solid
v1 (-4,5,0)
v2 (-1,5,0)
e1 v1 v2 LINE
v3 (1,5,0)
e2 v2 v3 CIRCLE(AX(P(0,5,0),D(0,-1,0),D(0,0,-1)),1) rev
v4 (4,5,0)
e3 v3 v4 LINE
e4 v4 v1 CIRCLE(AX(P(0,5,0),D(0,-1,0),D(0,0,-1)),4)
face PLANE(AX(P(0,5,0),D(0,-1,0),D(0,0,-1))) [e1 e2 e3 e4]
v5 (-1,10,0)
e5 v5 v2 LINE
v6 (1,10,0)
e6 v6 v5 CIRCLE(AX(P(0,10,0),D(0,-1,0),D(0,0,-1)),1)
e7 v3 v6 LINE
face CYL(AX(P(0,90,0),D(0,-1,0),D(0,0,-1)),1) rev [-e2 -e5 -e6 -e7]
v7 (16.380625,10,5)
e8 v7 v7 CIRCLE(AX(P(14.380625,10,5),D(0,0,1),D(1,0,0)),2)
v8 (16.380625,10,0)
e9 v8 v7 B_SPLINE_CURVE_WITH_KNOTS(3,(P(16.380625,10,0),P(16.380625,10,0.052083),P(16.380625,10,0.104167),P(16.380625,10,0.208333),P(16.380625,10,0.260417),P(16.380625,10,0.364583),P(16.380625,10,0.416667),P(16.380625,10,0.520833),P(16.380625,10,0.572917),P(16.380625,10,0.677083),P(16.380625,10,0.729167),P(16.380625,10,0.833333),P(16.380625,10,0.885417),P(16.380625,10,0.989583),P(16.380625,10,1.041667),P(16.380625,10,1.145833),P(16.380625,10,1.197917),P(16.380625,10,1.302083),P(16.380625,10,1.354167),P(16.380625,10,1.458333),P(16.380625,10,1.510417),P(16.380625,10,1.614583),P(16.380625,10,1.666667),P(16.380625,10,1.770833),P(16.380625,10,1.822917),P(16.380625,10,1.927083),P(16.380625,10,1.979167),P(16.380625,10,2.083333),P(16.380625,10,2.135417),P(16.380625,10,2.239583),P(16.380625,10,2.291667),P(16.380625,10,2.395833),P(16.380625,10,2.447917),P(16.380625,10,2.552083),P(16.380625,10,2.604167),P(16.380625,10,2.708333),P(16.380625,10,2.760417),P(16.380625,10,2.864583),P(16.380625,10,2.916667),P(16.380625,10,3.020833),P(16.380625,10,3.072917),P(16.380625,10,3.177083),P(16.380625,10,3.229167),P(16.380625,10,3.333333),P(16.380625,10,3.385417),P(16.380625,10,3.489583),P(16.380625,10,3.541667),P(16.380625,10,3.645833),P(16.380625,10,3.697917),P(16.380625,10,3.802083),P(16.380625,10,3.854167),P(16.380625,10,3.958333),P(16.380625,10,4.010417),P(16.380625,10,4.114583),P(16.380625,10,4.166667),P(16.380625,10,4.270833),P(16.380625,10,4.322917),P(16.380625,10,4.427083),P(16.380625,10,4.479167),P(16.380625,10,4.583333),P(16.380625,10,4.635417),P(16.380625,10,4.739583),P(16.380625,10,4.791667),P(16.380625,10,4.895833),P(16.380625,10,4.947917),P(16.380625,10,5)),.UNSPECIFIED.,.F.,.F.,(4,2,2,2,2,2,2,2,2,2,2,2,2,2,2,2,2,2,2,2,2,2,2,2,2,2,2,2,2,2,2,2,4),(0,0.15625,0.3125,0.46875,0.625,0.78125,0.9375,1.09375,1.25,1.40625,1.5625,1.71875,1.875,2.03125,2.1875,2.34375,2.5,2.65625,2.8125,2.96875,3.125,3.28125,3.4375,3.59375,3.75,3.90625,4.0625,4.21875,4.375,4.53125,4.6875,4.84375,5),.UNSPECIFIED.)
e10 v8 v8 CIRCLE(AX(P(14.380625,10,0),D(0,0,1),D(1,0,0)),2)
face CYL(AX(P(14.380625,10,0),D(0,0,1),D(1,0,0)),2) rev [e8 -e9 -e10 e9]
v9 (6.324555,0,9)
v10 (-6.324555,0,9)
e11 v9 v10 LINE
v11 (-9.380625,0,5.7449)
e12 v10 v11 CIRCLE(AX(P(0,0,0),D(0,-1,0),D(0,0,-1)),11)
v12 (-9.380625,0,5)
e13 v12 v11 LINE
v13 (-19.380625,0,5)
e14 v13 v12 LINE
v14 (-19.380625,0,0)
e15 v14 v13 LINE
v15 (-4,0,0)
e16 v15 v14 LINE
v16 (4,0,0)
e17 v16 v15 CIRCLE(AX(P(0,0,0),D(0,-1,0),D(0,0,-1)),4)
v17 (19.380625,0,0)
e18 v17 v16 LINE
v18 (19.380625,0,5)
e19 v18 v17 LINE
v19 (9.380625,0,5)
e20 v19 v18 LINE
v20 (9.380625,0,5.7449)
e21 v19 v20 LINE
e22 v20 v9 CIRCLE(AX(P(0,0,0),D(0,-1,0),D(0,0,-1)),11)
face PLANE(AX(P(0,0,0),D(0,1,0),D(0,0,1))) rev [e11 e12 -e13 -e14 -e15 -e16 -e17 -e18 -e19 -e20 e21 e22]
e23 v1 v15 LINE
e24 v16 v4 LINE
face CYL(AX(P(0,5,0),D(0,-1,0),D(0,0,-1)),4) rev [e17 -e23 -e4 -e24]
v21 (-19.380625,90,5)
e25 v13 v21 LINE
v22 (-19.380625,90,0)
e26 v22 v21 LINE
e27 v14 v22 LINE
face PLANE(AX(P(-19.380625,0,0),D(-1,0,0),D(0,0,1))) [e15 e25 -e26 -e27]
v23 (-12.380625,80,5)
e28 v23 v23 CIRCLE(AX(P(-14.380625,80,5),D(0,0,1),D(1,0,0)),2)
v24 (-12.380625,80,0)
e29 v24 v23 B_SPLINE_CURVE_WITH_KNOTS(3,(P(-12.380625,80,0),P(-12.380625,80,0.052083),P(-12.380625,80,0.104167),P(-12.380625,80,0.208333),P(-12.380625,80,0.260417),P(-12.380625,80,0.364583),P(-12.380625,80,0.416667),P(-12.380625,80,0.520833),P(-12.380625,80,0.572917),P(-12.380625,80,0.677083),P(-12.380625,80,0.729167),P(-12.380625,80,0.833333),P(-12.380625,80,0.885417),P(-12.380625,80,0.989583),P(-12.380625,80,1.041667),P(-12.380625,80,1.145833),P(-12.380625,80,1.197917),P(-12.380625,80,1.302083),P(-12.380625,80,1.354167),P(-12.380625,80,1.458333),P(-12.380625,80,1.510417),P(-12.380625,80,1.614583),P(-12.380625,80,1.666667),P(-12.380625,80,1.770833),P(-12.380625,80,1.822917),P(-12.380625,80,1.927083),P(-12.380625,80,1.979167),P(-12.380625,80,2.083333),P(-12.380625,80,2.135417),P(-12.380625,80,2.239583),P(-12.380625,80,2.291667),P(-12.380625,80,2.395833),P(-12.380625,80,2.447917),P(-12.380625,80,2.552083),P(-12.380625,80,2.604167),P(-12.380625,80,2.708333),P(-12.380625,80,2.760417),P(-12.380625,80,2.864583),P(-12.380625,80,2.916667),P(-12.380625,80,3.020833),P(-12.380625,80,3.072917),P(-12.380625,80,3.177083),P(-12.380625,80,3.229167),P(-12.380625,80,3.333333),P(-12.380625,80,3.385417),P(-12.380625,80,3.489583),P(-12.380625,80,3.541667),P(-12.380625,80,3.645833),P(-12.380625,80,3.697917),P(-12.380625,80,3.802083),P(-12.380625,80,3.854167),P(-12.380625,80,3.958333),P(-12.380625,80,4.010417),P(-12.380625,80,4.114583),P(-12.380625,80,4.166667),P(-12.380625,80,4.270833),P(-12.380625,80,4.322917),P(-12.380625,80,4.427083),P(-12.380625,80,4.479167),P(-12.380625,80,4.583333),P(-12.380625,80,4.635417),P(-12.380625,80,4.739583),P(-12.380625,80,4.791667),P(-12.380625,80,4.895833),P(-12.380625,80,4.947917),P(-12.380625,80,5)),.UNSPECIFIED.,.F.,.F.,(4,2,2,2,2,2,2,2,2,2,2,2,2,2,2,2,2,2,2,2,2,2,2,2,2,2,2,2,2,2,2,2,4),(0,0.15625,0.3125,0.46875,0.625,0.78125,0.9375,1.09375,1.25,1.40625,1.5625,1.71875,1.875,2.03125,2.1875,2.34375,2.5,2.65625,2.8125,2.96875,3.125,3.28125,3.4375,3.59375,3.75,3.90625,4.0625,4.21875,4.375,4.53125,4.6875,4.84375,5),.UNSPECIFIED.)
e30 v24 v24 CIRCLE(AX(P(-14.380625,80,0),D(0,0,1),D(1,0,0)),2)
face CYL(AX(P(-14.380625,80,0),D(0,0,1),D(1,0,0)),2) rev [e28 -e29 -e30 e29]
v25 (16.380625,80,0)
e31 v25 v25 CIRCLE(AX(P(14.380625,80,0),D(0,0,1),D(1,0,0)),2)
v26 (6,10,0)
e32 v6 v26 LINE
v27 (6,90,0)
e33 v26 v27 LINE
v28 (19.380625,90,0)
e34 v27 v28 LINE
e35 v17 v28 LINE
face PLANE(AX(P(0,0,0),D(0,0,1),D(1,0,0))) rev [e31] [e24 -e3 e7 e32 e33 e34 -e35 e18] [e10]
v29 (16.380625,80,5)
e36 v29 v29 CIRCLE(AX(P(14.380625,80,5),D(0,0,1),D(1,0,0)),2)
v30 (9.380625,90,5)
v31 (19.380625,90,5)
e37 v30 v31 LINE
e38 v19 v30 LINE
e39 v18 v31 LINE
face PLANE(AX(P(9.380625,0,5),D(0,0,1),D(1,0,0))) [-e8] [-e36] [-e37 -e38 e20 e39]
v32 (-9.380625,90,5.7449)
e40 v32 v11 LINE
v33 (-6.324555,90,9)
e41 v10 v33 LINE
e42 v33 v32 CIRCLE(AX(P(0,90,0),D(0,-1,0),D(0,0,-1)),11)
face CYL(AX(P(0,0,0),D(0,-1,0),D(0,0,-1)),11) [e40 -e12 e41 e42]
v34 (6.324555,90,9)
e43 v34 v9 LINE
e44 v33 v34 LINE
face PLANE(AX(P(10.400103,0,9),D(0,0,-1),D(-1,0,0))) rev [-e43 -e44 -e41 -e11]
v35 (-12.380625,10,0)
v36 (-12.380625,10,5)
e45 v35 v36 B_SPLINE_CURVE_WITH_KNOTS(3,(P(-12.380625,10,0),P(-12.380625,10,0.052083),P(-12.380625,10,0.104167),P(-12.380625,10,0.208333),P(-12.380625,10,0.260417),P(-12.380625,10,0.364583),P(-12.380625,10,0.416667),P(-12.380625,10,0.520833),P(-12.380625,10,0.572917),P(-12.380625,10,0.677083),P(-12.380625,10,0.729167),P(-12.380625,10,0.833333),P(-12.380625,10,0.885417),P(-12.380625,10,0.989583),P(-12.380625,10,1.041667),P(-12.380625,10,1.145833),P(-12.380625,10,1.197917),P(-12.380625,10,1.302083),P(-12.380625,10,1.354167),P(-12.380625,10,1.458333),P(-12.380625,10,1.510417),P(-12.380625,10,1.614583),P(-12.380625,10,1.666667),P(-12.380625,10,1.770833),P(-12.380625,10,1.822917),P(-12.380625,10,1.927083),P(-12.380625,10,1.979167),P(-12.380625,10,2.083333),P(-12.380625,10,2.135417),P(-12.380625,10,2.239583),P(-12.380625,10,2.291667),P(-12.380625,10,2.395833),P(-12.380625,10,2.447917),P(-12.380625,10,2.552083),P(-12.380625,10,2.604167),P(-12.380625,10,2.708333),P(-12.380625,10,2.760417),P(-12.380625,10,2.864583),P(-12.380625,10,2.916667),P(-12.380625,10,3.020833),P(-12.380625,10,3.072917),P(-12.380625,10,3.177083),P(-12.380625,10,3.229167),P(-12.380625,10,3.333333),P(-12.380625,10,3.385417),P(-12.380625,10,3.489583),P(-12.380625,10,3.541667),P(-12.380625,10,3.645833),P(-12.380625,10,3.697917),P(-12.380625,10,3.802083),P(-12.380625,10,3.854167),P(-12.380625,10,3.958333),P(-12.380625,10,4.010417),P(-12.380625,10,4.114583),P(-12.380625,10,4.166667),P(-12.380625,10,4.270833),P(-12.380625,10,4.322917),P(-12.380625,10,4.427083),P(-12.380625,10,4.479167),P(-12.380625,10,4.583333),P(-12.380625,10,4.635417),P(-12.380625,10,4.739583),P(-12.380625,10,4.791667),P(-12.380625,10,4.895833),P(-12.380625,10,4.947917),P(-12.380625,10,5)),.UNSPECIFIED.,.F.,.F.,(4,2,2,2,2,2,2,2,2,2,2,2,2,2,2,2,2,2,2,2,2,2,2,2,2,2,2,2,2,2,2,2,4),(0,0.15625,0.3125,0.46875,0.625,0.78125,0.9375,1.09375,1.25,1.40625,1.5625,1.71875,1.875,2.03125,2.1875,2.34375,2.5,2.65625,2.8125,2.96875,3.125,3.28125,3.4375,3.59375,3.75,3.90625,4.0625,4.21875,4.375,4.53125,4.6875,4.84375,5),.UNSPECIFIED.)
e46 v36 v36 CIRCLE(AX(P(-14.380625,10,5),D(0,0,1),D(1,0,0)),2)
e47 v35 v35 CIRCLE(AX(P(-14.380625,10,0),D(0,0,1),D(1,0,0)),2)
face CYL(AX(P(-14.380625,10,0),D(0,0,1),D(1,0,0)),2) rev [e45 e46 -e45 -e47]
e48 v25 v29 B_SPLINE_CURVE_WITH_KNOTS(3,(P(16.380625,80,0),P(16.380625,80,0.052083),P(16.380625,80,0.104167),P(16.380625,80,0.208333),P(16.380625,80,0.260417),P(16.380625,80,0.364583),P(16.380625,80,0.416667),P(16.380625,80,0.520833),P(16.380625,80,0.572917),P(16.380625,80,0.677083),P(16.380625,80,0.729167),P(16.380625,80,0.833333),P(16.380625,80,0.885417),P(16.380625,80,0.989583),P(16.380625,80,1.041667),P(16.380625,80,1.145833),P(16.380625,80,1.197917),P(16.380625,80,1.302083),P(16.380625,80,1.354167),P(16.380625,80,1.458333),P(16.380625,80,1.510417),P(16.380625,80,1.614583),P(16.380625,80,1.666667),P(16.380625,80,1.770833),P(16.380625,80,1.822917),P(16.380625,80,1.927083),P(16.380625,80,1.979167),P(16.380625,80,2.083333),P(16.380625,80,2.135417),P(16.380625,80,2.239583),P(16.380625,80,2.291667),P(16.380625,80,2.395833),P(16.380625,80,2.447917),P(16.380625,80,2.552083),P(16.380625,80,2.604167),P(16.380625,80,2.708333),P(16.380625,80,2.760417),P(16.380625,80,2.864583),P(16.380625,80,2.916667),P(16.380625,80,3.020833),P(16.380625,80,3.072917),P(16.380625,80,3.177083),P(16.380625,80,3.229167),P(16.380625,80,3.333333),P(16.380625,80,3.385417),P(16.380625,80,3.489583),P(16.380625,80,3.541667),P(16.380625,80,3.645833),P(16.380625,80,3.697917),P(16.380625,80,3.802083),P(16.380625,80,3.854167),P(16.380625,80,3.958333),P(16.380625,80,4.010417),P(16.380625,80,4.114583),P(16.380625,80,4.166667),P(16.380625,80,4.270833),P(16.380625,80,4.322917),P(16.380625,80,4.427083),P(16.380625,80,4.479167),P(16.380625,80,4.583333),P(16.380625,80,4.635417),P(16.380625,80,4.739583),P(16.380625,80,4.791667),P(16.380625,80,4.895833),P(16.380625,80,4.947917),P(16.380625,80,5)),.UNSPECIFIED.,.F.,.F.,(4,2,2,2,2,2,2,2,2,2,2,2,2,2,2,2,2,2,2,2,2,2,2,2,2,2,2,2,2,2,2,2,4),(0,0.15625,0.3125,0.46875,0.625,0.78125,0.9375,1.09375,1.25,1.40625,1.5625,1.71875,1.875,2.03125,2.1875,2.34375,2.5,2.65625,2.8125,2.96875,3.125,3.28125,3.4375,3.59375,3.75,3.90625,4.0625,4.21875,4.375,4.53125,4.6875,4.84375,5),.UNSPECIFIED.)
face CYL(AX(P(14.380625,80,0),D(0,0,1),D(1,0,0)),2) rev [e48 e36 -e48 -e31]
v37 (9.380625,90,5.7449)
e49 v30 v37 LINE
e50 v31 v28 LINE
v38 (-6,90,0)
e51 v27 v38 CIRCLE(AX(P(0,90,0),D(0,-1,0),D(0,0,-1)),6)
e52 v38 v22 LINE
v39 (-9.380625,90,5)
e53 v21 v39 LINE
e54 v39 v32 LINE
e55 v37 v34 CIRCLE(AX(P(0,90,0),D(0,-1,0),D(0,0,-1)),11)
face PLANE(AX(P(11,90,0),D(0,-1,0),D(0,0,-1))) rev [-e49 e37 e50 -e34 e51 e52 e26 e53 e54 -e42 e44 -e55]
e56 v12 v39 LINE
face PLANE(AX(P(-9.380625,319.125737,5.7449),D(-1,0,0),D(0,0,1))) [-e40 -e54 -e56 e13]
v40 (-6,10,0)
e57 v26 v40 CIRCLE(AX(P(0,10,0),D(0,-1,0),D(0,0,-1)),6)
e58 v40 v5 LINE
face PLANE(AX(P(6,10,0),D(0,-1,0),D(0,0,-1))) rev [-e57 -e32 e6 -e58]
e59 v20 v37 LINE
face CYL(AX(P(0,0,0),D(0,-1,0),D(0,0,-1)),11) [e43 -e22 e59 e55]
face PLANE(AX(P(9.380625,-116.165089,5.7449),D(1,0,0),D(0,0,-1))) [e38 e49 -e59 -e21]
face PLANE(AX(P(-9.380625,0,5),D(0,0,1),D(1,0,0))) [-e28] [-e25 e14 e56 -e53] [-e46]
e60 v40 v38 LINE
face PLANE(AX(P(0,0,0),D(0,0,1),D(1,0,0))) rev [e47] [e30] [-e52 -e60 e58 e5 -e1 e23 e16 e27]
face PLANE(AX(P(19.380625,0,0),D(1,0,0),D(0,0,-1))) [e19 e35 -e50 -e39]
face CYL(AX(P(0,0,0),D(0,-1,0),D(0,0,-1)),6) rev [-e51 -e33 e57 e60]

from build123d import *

# Parameters (mm, degrees)
ROTATION1_ANGLE                      = 180
SCHNITT_LINEAR_AUSTRAGEN2_DEPTH      = 92.33454987
SCHNITT_LINEAR_AUSTRAGEN2_DEPTH_BACK = 90
SCHNITT_LINEAR_AUSTRAGEN3_DEPTH      = 92.33454987
SCHNITT_LINEAR_AUSTRAGEN3_DEPTH_BACK = 90
SKIZZE8_W                            = 10
SKIZZE8_H                            = 5
AUFSATZ_LINEAR_AUSTRAGEN2_DEPTH      = 90
SKIZZE9_W                            = 10
SKIZZE9_H                            = 5
AUFSATZ_LINEAR_AUSTRAGEN3_DEPTH      = 90
SKIZZE14_R                           = 2
SCHNITT_LINEAR_AUSTRAGEN7_DEPTH      = 93.258379674
SKIZZE16_R                           = 1
SCHNITT_LINEAR_AUSTRAGEN8_DEPTH      = 93.717898057
SKIZZE18_R                           = 4
SCHNITT_LINEAR_AUSTRAGEN9_DEPTH      = 5
SKIZZE20_W                           = 21.700648505
SKIZZE20_H                           = 2
SCHNITT_LINEAR_AUSTRAGEN10_DEPTH     = 93.717898057


with BuildPart() as part:
    # Skizze3 → Rotation1 (revolve)
    with BuildSketch(Plane.XY):
        Polygon((0, 0), (-11, 0), (-11, 90), (-6, 90), (-6, 10), (0, 10), align=None)
    revolve(axis=Axis((0, 0, 0), (0, 1, 0)), revolution_arc=ROTATION1_ANGLE)

    # Skizze6 → Schnitt-Linear austragen2 (cut, two sides: drawn at the far end of the back side and taken through both)
    with BuildSketch(Plane(origin=(0, 90, 0), x_dir=(1, 0, 0), z_dir=(0, 1, 0)).offset(-SCHNITT_LINEAR_AUSTRAGEN2_DEPTH_BACK)):
        Polygon((-9.380624863, -62.0642209), (-9.380624863, -5.744900102), (-9.380624863, 0), (-9.380624863, 56.319320799), (-122.01926646, 56.319320799), (-122.01926646, -62.0642209), align=None)
    extrude(amount=SCHNITT_LINEAR_AUSTRAGEN2_DEPTH + SCHNITT_LINEAR_AUSTRAGEN2_DEPTH_BACK, mode=Mode.SUBTRACT)

    # Skizze7 → Schnitt-Linear austragen3 (cut, two sides: drawn at the far end of the back side and taken through both)
    with BuildSketch(Plane.XZ.offset(-SCHNITT_LINEAR_AUSTRAGEN3_DEPTH_BACK)):
        Polygon((9.380624863, 59.241313346), (9.380624863, 5.744900102), (9.380624863, 0), (9.380624863, -53.496413245), (116.373451353, -53.496413245), (116.373451353, 59.241313346), align=None)
    extrude(amount=SCHNITT_LINEAR_AUSTRAGEN3_DEPTH + SCHNITT_LINEAR_AUSTRAGEN3_DEPTH_BACK, mode=Mode.SUBTRACT)

    # Skizze8 → Aufsatz-Linear austragen2 (add)
    with BuildSketch(Plane(origin=(0, 90, 0), x_dir=(1, 0, 0), z_dir=(0, 1, 0))):
        with Locations((-14.380624863, -2.5)):
            Rectangle(SKIZZE8_W, SKIZZE8_H)
    extrude(amount=-AUFSATZ_LINEAR_AUSTRAGEN2_DEPTH)

    # Skizze9 → Aufsatz-Linear austragen3 (add)
    with BuildSketch(Plane(origin=(0, 90, 0), x_dir=(1, 0, 0), z_dir=(0, 1, 0))):
        with Locations((14.380624863, -2.5)):
            Rectangle(SKIZZE9_W, SKIZZE9_H)
    extrude(amount=-AUFSATZ_LINEAR_AUSTRAGEN3_DEPTH)

    # Skizze14 → Schnitt-Linear austragen7 (cut, through all)
    with BuildSketch(Plane.XY.offset(5)):
        with Locations((-14.380624863, 80)):
            Circle(SKIZZE14_R)
        with Locations((-14.380624863, 10)):
            Circle(SKIZZE14_R)
        with Locations((14.380624863, 10)):
            Circle(SKIZZE14_R)
        with Locations((14.380624863, 80)):
            Circle(SKIZZE14_R)
    extrude(amount=-SCHNITT_LINEAR_AUSTRAGEN7_DEPTH, mode=Mode.SUBTRACT)

    # Skizze16 → Schnitt-Linear austragen8 (cut, through all)
    with BuildSketch(Plane.XZ):
        Circle(SKIZZE16_R)
    extrude(amount=-SCHNITT_LINEAR_AUSTRAGEN8_DEPTH, mode=Mode.SUBTRACT)

    # Skizze18 → Schnitt-Linear austragen9 (cut)
    with BuildSketch(Plane.XZ):
        Circle(SKIZZE18_R)
    extrude(amount=-SCHNITT_LINEAR_AUSTRAGEN9_DEPTH, mode=Mode.SUBTRACT)

    # Skizze20 → Schnitt-Linear austragen10 (cut, through all)
    with BuildSketch(Plane(origin=(0, 90, 0), x_dir=(1, 0, 0), z_dir=(0, 1, 0))):
        with Locations((-0.450220923, -10)):
            Rectangle(SKIZZE20_W, SKIZZE20_H)
    extrude(amount=-SCHNITT_LINEAR_AUSTRAGEN10_DEPTH, mode=Mode.SUBTRACT)


solid = part.part
